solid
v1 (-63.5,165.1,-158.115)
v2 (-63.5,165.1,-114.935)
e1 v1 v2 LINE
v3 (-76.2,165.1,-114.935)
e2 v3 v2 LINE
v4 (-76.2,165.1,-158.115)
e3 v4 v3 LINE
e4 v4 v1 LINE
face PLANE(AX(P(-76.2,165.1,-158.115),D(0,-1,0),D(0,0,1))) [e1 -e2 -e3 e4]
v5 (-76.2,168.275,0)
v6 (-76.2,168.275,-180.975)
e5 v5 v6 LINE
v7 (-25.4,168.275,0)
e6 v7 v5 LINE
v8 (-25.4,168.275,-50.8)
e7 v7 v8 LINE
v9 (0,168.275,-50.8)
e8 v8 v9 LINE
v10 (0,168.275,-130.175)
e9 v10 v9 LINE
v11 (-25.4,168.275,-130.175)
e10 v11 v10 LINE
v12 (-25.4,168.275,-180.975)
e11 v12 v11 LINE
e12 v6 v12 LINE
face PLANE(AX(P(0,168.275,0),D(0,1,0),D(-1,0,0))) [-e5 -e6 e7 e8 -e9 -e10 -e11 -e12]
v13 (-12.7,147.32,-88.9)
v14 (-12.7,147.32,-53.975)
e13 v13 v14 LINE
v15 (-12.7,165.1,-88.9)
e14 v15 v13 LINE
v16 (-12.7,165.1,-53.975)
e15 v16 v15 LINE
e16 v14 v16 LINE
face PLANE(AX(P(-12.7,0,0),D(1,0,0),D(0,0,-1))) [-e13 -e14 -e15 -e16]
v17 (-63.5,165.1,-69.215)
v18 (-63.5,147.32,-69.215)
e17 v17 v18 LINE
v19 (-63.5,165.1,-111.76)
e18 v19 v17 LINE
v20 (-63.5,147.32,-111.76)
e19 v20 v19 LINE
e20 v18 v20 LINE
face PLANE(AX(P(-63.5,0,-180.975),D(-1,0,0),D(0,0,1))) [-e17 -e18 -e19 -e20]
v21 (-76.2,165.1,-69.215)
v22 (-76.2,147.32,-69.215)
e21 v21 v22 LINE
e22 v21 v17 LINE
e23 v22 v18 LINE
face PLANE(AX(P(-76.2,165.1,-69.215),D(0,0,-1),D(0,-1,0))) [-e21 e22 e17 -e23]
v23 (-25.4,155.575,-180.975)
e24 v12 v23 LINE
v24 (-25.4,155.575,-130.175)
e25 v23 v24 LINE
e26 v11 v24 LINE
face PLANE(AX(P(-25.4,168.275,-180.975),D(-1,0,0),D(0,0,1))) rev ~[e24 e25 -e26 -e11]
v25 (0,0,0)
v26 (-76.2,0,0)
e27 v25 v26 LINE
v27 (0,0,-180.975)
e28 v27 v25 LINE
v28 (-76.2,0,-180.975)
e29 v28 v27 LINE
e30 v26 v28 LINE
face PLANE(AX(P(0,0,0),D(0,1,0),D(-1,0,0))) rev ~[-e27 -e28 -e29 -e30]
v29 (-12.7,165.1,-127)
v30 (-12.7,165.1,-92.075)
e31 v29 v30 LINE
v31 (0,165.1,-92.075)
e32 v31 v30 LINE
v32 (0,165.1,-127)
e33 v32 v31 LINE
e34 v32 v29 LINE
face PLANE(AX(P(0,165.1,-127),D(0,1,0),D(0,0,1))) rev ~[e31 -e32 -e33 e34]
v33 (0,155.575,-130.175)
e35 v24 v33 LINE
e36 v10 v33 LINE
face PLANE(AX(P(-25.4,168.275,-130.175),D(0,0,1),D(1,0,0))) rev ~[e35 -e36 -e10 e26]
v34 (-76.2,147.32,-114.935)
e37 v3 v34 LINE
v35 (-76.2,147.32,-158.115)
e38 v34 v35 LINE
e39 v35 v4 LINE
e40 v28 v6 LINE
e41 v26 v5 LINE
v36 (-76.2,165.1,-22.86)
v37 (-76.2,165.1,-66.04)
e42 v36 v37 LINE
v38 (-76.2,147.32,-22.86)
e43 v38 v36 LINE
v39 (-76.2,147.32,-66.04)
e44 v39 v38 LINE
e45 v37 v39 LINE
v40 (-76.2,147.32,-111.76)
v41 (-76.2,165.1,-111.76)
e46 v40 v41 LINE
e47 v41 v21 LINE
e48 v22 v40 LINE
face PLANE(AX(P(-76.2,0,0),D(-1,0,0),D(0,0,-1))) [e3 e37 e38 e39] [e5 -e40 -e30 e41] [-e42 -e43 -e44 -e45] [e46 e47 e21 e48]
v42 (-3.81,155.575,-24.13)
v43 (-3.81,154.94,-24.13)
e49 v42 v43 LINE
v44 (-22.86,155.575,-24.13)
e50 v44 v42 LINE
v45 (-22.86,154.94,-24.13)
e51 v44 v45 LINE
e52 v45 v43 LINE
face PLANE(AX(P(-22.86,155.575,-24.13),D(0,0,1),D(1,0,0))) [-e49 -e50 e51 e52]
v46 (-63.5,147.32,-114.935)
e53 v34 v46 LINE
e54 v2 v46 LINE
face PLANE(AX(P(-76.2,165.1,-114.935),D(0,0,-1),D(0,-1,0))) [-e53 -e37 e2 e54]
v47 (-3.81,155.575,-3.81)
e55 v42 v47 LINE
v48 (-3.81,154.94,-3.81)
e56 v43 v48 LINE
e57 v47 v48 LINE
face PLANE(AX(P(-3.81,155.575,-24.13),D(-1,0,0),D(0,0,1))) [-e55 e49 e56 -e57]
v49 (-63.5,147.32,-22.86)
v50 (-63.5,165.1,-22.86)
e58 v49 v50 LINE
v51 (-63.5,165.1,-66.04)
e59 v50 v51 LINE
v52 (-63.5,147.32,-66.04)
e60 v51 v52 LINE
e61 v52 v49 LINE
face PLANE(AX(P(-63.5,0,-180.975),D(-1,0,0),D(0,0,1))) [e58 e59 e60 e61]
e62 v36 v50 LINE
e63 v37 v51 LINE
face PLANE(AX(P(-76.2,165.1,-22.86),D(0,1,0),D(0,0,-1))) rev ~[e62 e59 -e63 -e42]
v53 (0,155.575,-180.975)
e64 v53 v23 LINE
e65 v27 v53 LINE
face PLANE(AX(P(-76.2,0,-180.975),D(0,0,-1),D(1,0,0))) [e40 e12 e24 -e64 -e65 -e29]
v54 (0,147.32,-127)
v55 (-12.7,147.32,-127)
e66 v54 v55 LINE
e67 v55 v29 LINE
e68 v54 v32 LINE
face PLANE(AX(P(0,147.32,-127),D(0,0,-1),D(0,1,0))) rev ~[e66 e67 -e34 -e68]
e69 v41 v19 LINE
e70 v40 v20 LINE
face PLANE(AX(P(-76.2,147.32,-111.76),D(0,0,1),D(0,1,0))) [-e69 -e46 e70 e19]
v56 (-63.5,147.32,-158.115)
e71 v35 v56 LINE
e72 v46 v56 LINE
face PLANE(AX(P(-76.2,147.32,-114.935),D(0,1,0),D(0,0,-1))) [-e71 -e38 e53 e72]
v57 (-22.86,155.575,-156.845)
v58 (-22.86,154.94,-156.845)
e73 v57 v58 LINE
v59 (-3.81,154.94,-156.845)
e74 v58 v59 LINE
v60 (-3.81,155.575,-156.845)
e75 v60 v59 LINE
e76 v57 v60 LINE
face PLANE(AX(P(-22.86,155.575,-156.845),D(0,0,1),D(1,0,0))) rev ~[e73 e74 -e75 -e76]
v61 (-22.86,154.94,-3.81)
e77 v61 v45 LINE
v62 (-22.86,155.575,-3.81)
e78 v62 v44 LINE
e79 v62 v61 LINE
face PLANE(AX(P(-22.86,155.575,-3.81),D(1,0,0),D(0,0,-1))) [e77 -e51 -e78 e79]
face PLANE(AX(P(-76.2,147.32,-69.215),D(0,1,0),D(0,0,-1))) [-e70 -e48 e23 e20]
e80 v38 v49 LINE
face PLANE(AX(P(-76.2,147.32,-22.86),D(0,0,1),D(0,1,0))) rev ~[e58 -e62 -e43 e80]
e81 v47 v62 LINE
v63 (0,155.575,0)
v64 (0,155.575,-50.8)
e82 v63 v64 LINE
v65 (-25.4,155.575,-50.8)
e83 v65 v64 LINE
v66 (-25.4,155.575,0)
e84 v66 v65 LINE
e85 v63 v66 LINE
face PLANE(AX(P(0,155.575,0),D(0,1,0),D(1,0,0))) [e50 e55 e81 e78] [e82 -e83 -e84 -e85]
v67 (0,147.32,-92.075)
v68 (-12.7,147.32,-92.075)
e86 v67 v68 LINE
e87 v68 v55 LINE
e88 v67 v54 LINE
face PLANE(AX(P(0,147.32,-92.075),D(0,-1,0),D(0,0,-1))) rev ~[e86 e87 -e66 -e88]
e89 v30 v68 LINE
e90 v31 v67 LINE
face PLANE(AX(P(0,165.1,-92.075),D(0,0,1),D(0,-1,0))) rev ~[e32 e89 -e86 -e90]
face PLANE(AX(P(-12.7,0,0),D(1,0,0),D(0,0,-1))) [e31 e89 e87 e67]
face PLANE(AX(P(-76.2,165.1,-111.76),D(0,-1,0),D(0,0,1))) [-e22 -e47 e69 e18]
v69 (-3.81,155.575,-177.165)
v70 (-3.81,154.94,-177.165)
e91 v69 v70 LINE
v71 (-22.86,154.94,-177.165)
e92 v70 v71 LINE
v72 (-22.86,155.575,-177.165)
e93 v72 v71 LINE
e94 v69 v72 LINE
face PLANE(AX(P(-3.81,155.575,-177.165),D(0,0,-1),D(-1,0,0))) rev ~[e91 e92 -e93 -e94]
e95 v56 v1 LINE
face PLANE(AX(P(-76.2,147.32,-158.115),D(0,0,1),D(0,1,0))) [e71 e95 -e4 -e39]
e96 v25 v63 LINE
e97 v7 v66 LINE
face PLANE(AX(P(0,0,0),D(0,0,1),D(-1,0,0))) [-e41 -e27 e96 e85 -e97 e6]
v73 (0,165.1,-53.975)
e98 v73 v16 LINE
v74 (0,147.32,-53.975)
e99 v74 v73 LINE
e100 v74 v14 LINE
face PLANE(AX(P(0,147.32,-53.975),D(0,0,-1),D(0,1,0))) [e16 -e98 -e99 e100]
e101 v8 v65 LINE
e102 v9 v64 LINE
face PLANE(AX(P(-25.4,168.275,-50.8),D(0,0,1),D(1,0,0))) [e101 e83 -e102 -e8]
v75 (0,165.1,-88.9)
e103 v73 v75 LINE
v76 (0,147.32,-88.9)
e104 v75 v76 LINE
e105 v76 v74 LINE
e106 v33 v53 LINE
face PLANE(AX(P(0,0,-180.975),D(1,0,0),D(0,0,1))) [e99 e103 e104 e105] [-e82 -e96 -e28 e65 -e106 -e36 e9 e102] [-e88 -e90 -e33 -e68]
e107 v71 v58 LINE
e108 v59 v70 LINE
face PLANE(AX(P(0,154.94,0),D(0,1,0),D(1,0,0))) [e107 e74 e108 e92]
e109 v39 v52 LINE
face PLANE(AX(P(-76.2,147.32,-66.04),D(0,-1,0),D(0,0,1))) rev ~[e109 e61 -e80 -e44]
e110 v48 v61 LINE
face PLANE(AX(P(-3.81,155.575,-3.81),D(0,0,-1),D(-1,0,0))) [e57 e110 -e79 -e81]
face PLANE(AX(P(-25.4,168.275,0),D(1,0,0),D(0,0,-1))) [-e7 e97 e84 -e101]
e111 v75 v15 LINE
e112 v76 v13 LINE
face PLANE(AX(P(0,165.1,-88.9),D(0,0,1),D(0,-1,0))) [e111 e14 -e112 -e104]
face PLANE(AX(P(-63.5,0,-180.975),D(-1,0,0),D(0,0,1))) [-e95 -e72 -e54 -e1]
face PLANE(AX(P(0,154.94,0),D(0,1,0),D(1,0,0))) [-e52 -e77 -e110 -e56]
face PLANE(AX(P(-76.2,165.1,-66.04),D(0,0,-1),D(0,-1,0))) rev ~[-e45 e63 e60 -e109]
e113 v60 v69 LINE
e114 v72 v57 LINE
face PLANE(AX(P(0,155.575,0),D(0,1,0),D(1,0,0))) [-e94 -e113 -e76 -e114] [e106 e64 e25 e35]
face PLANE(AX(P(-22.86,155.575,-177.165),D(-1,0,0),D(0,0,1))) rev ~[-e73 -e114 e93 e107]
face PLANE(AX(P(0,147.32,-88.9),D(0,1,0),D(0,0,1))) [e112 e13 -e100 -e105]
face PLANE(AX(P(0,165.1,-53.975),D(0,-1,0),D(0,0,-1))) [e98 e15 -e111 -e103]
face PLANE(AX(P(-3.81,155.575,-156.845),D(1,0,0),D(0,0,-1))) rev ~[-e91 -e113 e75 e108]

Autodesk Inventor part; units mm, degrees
ref_plane "YZ Plane" through (0, 0, 0) normal (1, 0, 0) x (0, 1, 0)
ref_plane "XZ Plane" through (0, 0, 0) normal (0, 1, 0) x (-1, 0, 0)
ref_plane "XY Plane" through (0, 0, 0) normal (0, 0, 1) x (1, 0, 0)
sketch "Sketch1" plane through (0, 0, 0) normal (0, 1, 0) x (-1, 0, 0)
  line L0 (0, 0) -> (76.2, 0)
  line L1 (76.2, 0) -> (76.2, -180.975)
  line L2 (76.2, -180.975) -> (0, -180.975)
  line L3 (0, -180.975) -> (0, 0)
  dimension "d0" = 76.2
  dimension "d1" = 180.975
extrude "Extrusion1" add sketch "Sketch1" along normal blind 168.275
sketch "Sketch2" plane through (0, 168.275, 0) normal (0, 1, 0) x (1, 0, 0)
  line L0 (-76.2, 0) -> (0, 0) construction
  line L1 (0, 0) -> (0, 180.975) construction
  line L2 (0, 180.975) -> (-76.2, 180.975) construction
  line L3 (-76.2, 180.975) -> (-76.2, 0) construction
  line L4 (0, 0) -> (0, 180.975) projected
  line L5 (0, 0) -> (-25.4, 0)
  line L6 (-25.4, 0) -> (-25.4, 50.8)
  line L7 (-25.4, 50.8) -> (0, 50.8)
  line L8 (0, 50.8) -> (0, 0)
  line L9 (0, 180.975) -> (-25.4, 180.975)
  line L10 (-25.4, 180.975) -> (-25.4, 130.175)
  line L11 (-25.4, 130.175) -> (0, 130.175)
  line L12 (0, 130.175) -> (0, 180.975)
  dimension "d4" = 25.4
  dimension "d5" = 50.8
  dimension "d6" = 25.4
  dimension "d7" = 50.8
extrude "Extrusion2" cut sketch "Sketch2" against normal blind 12.7
sketch "Sketch3" plane through (0, 0, 0) normal (1, 0, 0) x (0, 0, -1)
  line L0 (50.8, 168.275) -> (130.175, 168.275) construction
  line L1 (130.175, 155.575) -> (130.175, 168.275) construction
  line L2 (50.8, 168.275) -> (50.8, 155.575) construction
  line L3 (127, 155.575) -> (127, 165.1) construction
  line L4 (127, 165.1) -> (53.975, 165.1) construction
  line L5 (53.975, 165.1) -> (53.975, 155.575) construction
  line L6 (53.975, 165.1) -> (88.9, 165.1)
  line L7 (88.9, 165.1) -> (88.9, 147.32)
  line L8 (88.9, 147.32) -> (53.975, 147.32)
  line L9 (53.975, 147.32) -> (53.975, 165.1)
  line L10 (127, 165.1) -> (92.075, 165.1)
  line L11 (92.075, 165.1) -> (92.075, 147.32)
  line L12 (92.075, 147.32) -> (127, 147.32)
  line L13 (127, 147.32) -> (127, 165.1)
  point P0 (0, 0)
  dimension "d10" = 3.175
  dimension "d11" = 34.925
  dimension "d12" = 17.78
  dimension "d13" = 34.925
  dimension "d14" = 17.78
  dimension "d15" = 3.175
extrude "Extrusion3" cut sketch "Sketch3" against normal blind 12.7
sketch "Sketch4" plane through (0, 155.575, 0) normal (0, 1, 0) x (1, 0, 0)
  line L0 (0, 0) -> (-25.4, 0) construction
  line L1 (0, 50.8) -> (0, 0) construction
  line L2 (0, 180.975) -> (0, 130.175) construction
  line L3 (-25.4, 180.975) -> (0, 180.975) construction
  line L4 (-3.81, 50.8) -> (-3.81, 3.81) construction
  line L5 (-3.81, 3.81) -> (-25.4, 3.81) construction
  line L6 (-3.81, 130.175) -> (-3.81, 177.165) construction
  line L7 (-3.81, 177.165) -> (-25.4, 177.165) construction
  line L8 (-3.81, 3.81) -> (-22.86, 3.81)
  line L9 (-22.86, 3.81) -> (-22.86, 24.13)
  line L10 (-22.86, 24.13) -> (-3.81, 24.13)
  line L11 (-3.81, 24.13) -> (-3.81, 3.81)
  line L12 (-3.81, 177.165) -> (-22.86, 177.165)
  line L13 (-22.86, 177.165) -> (-22.86, 156.845)
  line L14 (-22.86, 156.845) -> (-3.81, 156.845)
  line L15 (-3.81, 156.845) -> (-3.81, 177.165)
  dimension "d18" = 3.81
  dimension "d19" = 3.81
  dimension "d20" = 19.05
  dimension "d21" = 20.32
  dimension "d22" = 19.05
  dimension "d23" = 20.32
extrude "Extrusion4" cut sketch "Sketch4" against normal blind 0.635
sketch "Sketch5" plane through (-76.2, 0, -180.975) normal (-1, 0, 0) x (0, 0, 1)
  line L0 (0, 168.275) -> (180.975, 168.275) construction
  line L1 (2.549, 165.1) -> (183.524, 165.1) construction
  line L2 (0, 0) -> (0, 168.275) construction
  line L3 (180.975, 0) -> (180.975, 168.275) construction
  line L4 (22.86, 2.1972) -> (22.86, 168.275) construction
  line L5 (158.115, 168.275) -> (158.115, 0) construction
  line L6 (22.86, 165.1) -> (66.04, 165.1)
  line L7 (66.04, 165.1) -> (66.04, 147.32)
  line L8 (66.04, 147.32) -> (22.86, 147.32)
  line L9 (22.86, 147.32) -> (22.86, 165.1)
  line L10 (158.115, 165.1) -> (114.935, 165.1)
  line L11 (114.935, 165.1) -> (114.935, 147.32)
  line L12 (114.935, 147.32) -> (158.115, 147.32)
  line L13 (158.115, 147.32) -> (158.115, 165.1)
  line L14 (66.04, 165.1) -> (69.215, 165.1) construction
  line L15 (114.935, 165.1) -> (111.76, 165.1) construction
  line L16 (69.215, 165.1) -> (111.76, 165.1)
  line L17 (111.76, 165.1) -> (111.76, 147.32)
  line L18 (111.76, 147.32) -> (69.215, 147.32)
  line L19 (69.215, 147.32) -> (69.215, 165.1)
  dimension "d26" = 3.175
  dimension "d27" = 22.86
  dimension "d28" = 22.86
  dimension "d29" = 43.18
  dimension "d30" = 43.18
  dimension "d31" = 17.78
  dimension "d32" = 3.175
  dimension "d33" = 3.175
  dimension "d34" = 42.545
  dimension "d35" = 17.78
extrude "Extrusion5" cut sketch "Sketch5" against normal blind 12.7
properties part number "Battery-1111-2017"
